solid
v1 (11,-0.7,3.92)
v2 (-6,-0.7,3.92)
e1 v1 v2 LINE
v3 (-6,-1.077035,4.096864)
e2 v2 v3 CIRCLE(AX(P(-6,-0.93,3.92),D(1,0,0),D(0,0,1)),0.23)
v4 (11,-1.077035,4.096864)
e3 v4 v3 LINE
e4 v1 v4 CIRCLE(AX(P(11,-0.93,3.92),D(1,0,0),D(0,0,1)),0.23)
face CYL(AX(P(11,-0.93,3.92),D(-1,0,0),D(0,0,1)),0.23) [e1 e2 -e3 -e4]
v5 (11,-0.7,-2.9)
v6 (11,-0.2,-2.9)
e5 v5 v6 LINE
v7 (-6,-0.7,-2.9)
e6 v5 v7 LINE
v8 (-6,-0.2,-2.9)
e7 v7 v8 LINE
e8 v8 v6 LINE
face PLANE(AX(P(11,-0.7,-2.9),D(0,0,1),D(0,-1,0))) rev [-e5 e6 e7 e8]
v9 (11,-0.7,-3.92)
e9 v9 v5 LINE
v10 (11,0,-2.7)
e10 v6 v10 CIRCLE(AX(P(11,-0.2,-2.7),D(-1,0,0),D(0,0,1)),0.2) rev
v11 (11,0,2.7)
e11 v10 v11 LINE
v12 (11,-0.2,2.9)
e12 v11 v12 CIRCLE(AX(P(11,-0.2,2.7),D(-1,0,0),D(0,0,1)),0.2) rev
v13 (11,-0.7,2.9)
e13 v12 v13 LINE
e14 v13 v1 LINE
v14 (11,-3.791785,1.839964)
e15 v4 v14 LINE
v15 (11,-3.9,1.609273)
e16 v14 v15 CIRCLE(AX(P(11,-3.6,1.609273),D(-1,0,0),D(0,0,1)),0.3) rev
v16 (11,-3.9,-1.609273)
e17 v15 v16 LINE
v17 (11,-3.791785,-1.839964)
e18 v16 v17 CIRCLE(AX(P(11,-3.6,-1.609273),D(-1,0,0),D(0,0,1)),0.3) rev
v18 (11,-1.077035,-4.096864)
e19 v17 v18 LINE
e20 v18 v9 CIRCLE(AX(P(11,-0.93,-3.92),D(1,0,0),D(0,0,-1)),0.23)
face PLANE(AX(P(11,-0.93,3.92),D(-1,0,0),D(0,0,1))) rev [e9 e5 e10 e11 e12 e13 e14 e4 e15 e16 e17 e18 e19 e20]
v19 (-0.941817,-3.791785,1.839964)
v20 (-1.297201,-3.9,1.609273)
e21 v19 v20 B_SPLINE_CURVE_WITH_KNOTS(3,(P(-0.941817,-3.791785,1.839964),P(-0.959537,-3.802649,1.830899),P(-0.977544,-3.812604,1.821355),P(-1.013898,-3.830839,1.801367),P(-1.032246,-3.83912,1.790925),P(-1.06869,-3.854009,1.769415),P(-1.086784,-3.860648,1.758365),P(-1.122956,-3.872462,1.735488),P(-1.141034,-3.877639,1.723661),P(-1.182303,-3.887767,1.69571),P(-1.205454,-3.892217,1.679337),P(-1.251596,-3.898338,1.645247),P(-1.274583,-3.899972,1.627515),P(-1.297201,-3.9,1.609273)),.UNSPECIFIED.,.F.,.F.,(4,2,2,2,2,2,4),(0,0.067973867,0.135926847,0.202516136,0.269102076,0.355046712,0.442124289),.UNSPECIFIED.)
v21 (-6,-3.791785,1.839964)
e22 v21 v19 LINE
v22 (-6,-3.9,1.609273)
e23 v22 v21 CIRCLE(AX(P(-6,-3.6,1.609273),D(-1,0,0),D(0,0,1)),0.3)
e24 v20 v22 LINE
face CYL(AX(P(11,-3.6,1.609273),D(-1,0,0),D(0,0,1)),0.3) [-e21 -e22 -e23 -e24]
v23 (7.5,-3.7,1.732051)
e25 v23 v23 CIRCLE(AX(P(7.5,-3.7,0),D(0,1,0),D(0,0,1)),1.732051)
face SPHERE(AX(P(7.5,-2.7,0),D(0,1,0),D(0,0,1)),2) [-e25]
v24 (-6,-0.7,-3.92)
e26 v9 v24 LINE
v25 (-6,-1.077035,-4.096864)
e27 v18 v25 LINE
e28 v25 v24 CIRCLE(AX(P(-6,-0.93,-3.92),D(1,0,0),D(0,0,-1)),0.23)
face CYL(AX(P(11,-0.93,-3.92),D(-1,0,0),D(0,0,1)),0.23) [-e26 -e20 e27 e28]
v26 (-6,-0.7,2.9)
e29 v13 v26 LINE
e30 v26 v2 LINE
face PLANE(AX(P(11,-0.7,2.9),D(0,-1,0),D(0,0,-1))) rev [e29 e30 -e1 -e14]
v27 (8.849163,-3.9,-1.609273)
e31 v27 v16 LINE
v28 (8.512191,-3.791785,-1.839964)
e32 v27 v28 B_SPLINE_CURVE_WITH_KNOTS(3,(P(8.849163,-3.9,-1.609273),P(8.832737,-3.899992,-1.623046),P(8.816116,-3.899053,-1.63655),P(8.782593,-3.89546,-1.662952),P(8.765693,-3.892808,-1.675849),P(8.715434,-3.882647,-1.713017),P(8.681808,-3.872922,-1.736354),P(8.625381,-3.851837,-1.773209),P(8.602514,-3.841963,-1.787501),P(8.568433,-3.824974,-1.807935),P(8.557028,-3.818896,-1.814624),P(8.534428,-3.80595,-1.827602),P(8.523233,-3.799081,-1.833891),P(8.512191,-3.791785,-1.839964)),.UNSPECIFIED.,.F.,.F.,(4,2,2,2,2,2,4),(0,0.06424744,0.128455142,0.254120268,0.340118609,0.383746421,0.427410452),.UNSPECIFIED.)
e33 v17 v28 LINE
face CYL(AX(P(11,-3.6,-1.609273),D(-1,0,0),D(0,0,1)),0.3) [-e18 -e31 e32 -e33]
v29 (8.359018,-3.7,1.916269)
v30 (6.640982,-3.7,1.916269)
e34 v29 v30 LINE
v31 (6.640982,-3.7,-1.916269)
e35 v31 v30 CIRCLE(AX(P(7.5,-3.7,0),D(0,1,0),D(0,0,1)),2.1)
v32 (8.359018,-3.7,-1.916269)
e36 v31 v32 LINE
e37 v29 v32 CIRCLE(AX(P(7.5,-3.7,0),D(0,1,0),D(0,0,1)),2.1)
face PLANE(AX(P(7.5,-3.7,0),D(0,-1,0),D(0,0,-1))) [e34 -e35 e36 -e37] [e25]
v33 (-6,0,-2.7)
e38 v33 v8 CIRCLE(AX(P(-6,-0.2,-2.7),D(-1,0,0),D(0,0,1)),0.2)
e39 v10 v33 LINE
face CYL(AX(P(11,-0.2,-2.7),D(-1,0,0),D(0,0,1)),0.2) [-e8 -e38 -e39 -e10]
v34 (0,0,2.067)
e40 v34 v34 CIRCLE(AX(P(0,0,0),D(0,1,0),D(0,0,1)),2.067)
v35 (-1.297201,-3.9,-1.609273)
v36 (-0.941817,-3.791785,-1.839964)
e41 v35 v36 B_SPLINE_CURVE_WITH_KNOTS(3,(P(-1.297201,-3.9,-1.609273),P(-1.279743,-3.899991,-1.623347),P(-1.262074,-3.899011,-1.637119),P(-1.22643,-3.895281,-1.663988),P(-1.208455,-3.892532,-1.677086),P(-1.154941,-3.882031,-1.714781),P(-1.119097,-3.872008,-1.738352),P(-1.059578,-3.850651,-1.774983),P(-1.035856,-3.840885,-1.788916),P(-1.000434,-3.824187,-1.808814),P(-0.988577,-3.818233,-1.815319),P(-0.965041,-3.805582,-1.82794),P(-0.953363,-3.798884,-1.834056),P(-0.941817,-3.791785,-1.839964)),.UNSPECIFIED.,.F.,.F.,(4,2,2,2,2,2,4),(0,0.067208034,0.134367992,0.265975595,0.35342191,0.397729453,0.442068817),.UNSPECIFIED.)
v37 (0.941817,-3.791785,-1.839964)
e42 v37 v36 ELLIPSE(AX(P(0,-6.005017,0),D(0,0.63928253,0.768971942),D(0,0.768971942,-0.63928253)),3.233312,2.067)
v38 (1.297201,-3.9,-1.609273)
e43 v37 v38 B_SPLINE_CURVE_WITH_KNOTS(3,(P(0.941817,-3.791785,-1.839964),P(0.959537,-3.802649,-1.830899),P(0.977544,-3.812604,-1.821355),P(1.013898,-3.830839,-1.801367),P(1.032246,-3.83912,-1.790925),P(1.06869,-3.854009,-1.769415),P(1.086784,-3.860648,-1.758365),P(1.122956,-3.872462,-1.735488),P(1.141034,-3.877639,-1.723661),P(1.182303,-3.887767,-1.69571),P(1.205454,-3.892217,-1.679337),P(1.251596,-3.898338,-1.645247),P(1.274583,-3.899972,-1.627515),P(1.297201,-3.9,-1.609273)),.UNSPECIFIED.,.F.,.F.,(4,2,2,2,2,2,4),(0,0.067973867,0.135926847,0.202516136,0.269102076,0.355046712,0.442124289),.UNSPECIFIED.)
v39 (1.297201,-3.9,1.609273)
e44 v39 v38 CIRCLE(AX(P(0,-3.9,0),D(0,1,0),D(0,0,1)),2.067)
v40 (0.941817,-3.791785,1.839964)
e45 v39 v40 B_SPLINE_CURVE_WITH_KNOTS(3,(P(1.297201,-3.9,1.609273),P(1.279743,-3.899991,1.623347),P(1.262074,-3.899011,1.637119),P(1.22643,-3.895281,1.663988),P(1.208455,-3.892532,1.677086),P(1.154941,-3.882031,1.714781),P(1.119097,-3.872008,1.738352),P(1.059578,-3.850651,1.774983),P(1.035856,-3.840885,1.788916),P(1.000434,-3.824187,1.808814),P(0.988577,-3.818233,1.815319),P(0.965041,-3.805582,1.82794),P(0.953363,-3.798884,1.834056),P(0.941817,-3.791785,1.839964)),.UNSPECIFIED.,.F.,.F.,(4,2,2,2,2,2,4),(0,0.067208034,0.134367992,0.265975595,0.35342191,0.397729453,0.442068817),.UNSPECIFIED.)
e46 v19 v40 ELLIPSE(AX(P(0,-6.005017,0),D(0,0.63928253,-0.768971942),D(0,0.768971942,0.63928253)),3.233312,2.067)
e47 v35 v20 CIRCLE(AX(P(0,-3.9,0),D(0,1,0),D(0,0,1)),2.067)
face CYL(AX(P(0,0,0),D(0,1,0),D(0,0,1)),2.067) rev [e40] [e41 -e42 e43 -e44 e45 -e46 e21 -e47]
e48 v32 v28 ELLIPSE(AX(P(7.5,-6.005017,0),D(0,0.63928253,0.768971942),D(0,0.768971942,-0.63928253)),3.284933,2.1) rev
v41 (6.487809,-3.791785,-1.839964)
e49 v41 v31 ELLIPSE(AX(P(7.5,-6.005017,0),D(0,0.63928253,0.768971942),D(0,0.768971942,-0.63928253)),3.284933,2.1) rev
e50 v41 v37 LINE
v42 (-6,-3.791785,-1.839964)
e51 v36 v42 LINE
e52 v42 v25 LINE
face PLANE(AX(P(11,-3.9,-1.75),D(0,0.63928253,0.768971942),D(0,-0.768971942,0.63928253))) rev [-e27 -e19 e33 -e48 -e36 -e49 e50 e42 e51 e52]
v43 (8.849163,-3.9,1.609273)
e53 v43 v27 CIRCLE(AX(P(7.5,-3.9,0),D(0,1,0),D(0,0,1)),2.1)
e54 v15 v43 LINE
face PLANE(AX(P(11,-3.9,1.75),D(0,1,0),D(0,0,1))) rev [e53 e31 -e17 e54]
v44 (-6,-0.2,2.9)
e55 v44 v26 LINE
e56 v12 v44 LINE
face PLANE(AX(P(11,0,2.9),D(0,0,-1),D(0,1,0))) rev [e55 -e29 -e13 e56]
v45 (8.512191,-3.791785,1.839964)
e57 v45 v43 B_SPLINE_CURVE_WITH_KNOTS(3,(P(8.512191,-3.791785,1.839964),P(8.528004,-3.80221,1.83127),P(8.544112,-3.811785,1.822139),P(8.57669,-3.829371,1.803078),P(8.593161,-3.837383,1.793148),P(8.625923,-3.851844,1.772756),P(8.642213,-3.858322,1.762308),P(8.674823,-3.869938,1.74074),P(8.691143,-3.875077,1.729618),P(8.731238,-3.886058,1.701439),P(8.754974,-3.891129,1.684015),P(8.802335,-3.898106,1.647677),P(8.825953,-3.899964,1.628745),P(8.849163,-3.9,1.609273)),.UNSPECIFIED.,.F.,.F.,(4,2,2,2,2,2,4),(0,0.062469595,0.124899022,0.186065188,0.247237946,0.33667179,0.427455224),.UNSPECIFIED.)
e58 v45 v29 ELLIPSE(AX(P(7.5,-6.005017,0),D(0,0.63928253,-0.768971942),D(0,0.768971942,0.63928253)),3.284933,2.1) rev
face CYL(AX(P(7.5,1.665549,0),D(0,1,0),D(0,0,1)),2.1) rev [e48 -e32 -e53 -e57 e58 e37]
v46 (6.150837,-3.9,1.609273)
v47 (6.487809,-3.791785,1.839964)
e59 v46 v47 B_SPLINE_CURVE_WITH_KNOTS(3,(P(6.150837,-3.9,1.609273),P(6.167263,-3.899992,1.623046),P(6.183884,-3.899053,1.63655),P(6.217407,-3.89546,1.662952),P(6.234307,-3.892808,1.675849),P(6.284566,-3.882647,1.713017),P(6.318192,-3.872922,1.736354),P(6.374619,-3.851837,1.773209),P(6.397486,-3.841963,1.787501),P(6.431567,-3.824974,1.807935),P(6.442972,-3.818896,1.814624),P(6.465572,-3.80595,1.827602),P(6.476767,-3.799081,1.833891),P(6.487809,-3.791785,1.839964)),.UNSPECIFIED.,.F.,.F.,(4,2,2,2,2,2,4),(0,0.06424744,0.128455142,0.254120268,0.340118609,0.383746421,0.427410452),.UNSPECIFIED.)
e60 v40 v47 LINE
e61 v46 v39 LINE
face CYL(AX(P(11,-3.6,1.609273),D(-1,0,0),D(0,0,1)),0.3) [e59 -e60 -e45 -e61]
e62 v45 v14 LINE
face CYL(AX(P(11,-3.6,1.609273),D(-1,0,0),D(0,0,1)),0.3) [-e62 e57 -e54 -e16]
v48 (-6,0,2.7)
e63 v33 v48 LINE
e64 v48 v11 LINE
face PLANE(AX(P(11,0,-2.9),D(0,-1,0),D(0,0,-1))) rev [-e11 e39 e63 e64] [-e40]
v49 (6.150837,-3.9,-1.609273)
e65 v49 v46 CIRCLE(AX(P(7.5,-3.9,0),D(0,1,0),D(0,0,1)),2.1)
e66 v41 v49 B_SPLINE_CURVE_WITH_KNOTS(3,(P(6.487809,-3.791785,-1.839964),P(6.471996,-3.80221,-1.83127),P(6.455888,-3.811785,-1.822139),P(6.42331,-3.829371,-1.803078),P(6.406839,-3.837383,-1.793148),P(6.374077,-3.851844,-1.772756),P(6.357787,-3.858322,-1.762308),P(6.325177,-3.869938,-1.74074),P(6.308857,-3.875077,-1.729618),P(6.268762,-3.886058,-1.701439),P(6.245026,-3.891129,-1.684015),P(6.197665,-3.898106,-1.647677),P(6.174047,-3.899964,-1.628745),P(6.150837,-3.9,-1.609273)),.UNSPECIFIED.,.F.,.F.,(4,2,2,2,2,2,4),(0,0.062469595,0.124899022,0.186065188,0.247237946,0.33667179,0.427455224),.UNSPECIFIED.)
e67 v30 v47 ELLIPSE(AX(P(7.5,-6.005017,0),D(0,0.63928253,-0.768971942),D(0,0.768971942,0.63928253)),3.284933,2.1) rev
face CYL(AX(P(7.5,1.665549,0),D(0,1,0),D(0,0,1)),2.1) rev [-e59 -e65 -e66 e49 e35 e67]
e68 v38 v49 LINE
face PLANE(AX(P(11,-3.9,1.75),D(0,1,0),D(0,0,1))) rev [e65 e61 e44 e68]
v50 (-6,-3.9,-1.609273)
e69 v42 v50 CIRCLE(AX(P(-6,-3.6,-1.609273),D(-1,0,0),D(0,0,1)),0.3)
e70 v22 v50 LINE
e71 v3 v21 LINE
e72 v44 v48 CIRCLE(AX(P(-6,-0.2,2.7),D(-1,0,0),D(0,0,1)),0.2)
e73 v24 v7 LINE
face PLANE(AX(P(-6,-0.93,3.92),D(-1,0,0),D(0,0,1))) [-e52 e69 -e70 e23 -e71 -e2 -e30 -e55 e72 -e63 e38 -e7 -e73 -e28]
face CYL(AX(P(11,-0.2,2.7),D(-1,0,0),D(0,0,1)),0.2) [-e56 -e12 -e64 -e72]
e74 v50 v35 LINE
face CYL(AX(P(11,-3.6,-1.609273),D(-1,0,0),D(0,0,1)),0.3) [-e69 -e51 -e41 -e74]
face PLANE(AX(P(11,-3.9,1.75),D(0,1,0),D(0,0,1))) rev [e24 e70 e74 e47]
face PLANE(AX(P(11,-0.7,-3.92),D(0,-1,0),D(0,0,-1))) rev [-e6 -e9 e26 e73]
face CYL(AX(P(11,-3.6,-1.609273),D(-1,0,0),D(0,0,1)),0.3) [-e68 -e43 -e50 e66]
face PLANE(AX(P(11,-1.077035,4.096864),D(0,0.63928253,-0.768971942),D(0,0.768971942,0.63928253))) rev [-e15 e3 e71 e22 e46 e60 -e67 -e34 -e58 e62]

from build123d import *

# Parameters (mm, degrees)
BOSS_EXTRUDE1_DEPTH = 17
FILLET1_R           = 0.3
FILLET2_R           = 0.2
SKETCH2_W           = 2.1
SKETCH2_H           = 0.2
TAPPED_HOLE1_D      = 4.134


with BuildPart() as part:
    # Sketch1 → Boss-Extrude1 (new body)
    with BuildSketch(Plane(origin=(-6, 0, 0), x_dir=(0, 0, -1), z_dir=(1, 0, 0))):
        with BuildLine():
            Line((2.9, 0), (-2.9, 0))
            Line((-2.9, 0), (-2.9, -0.7))
            Line((-2.9, -0.7), (-3.92, -0.7))
            ThreePointArc((-3.92, -0.7), (-4.128228295, -0.832322075), (-4.096863547, -1.077034982))
            Line((-4.096863547, -1.077034982), (-1.75, -3.9))
            Line((-1.75, -3.9), (1.75, -3.9))
            Line((1.75, -3.9), (4.096863547, -1.077034982))
            ThreePointArc((4.096863547, -1.077034982), (4.128228295, -0.832322075), (3.92, -0.7))
            Line((3.92, -0.7), (2.9, -0.7))
            Line((2.9, -0.7), (2.9, 0))
        make_face()
    extrude(amount=BOSS_EXTRUDE1_DEPTH)

    # Fillet1
    fillet1_edges = [part.edges().sort_by_distance(p)[0] for p in [
        (2.5, -3.9, -1.75),
        (2.5, -3.9, 1.75),
    ]]
    fillet(fillet1_edges, radius=FILLET1_R)

    # Fillet2
    fillet2_edges = [part.edges().sort_by_distance(p)[0] for p in [
        (2.5, 0, 2.9),
        (2.5, 0, -2.9),
    ]]
    fillet(fillet2_edges, radius=FILLET2_R)

    # Sketch2 → Cut-Revolve1 (revolve, cut)
    with BuildSketch(Plane(origin=(7.5, 0, 0), x_dir=(0, 0, -1), z_dir=(1, 0, 0))):
        with Locations((1.05, -3.8)):
            Rectangle(SKETCH2_W, SKETCH2_H)
    revolve(axis=Axis((7.5, 1.665548573, 0), (0, -1, 0)), mode=Mode.SUBTRACT)

    # Sketch3 → Revolve1 (revolve)
    with BuildSketch(Plane(origin=(7.5, 0, 0), x_dir=(0, 0, -1), z_dir=(1, 0, 0))):
        with BuildLine():
            Line((1.732050808, -3.7), (0, -3.7))
            Line((0, -3.7), (0, -4.7))
            ThreePointArc((0, -4.7), (1, -4.432050808), (1.732050808, -3.7))
        make_face()
    revolve(axis=Axis((7.5, 0, 0), (0, -1, 0)))

    # Tapped Hole1 (through all)
    with Locations(Plane(origin=(0, 0, 0), x_dir=(1, 0, 0), z_dir=(0, 1, 0))):
        with Locations((0, 0)):
            Hole(TAPPED_HOLE1_D / 2)


solid = part.part
